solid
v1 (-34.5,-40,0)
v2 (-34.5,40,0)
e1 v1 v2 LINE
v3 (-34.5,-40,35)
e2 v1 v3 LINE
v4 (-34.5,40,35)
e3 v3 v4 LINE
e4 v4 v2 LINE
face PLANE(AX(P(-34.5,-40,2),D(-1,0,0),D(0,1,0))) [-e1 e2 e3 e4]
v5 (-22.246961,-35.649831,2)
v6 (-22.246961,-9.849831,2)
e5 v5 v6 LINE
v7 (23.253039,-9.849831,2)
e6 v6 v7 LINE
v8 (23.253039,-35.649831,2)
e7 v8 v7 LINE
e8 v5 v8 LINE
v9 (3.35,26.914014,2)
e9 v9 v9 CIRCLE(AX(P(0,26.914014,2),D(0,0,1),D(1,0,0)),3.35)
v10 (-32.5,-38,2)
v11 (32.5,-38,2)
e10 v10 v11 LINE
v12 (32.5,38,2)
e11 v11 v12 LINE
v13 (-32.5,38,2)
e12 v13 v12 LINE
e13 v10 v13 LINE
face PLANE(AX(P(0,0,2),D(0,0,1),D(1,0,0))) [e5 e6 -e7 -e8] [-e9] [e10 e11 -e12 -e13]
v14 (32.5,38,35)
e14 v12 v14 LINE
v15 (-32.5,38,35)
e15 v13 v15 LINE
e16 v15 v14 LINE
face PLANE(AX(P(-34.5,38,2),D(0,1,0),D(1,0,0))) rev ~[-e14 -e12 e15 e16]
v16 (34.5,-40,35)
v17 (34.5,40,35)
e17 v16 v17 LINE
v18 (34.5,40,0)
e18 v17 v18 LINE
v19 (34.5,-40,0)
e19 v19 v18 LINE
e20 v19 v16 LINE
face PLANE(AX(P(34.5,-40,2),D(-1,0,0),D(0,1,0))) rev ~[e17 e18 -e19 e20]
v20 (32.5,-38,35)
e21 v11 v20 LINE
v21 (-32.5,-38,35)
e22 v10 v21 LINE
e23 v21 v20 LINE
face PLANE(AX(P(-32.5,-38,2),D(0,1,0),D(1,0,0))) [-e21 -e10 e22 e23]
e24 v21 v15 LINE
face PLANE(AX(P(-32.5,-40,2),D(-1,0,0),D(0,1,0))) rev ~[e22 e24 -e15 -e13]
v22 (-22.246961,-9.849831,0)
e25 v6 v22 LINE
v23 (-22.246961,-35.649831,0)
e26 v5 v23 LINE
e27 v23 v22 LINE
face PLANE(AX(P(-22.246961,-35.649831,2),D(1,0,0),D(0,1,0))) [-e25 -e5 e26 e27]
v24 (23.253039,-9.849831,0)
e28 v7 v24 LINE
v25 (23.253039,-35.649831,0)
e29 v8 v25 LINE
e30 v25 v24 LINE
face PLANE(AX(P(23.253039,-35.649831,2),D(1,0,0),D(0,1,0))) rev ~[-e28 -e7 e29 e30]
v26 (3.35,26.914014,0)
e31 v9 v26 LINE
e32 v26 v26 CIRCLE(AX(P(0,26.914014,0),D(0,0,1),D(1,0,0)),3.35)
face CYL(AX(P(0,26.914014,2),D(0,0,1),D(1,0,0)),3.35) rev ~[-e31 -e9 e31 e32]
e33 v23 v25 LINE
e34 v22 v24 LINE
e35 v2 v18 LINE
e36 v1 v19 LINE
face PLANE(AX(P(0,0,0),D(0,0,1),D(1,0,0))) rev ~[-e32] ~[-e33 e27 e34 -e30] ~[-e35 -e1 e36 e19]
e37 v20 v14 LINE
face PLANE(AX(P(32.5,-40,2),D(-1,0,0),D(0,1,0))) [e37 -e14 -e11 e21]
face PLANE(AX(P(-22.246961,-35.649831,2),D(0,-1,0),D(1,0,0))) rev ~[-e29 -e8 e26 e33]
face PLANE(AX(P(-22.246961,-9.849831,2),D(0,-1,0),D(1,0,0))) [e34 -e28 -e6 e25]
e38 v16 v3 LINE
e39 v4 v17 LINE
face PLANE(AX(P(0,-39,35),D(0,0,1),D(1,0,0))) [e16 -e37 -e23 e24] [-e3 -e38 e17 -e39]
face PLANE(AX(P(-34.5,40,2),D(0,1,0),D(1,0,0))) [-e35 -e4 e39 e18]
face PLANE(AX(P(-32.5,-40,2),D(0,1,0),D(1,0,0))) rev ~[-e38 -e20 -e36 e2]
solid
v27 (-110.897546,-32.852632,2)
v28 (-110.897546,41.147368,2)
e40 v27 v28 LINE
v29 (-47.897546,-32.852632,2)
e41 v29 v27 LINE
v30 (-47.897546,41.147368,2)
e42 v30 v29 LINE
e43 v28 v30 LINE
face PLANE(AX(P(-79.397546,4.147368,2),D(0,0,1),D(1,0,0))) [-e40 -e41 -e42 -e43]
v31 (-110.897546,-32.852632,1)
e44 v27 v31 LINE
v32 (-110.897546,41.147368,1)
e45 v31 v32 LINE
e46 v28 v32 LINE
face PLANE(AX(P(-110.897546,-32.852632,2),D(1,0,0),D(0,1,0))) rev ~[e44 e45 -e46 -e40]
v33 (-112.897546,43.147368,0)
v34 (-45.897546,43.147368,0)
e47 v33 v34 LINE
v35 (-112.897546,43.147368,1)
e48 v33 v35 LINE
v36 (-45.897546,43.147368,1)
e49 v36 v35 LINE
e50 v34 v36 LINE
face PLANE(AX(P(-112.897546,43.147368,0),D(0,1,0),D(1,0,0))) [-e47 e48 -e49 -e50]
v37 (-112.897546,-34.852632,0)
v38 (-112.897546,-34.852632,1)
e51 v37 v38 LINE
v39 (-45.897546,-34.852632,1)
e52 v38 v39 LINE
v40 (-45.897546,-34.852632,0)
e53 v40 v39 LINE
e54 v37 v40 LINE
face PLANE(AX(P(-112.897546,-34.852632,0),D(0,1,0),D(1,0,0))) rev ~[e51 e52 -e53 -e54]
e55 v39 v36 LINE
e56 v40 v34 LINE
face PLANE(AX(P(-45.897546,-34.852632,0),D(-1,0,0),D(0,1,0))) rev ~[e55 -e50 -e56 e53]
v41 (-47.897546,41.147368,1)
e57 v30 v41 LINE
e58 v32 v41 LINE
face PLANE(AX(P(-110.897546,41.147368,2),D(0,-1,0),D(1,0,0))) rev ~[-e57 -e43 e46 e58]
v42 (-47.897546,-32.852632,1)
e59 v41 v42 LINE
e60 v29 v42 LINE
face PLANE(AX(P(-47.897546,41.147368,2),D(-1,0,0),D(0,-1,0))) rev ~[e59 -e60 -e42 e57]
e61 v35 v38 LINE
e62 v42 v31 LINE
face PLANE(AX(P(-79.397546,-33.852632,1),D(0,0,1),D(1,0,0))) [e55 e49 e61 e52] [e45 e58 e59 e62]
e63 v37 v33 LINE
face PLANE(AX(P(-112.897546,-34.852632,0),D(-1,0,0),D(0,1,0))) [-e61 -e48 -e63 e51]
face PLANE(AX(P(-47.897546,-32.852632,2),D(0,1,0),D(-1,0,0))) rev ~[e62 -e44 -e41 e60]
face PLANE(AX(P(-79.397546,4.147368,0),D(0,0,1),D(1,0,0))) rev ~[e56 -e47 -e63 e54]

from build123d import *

# Parameters (mm, degrees)
F0_W      = 69
F0_H      = 80
F1_DEPTH  = 2
F2_W      = 69
F2_H      = 2
F3_DEPTH  = 33
F4_W      = 2
F4_H      = 78
F5_DEPTH  = 33
F6_W      = 2
F6_H      = 78
F7_DEPTH  = 33
F8_W      = 65
F8_H      = 2
F9_DEPTH  = 33
F10_W     = 67
F10_H     = 78
F11_DEPTH = 2
F12_W     = 2
F12_H     = 74
F13_DEPTH = 1
F14_W     = 45.5
F14_H     = 25.8
F14_R     = 3.35
F15_DEPTH = 2.001


with BuildPart() as f1:
    # F0 (on Top) → F1 (new body)
    with BuildSketch(Plane.XY):
        Rectangle(F0_W, F0_H)
    extrude(amount=F1_DEPTH)

    # F2 (on face) → F3 (join)
    with BuildSketch(Plane.XY.offset(2)):
        with Locations((0, 39)):
            Rectangle(F2_W, F2_H)
    extrude(amount=F3_DEPTH)

    # F4 (on face) → F5 (join)
    with BuildSketch(Plane.XY.offset(2)):
        with Locations((-33.5, -1)):
            Rectangle(F4_W, F4_H)
    extrude(amount=F5_DEPTH)

    # F6 (on face) → F7 (join)
    with BuildSketch(Plane.XY.offset(2)):
        with Locations((33.5, -1)):
            Rectangle(F6_W, F6_H)
    extrude(amount=F7_DEPTH)

    # F8 (on face) → F9 (join)
    with BuildSketch(Plane.XY.offset(2)):
        with Locations((0, -39)):
            Rectangle(F8_W, F8_H)
    extrude(amount=F9_DEPTH)

    # F14 (on face) → F15 (cut, through all)
    with BuildSketch(Plane.XY.offset(2)):
        with Locations((0.503039, -22.749831)):
            Rectangle(F14_W, F14_H)
        with Locations((0, 26.914014)):
            Circle(F14_R)
    extrude(amount=-F15_DEPTH, mode=Mode.SUBTRACT)


with BuildPart() as f11:
    # F10 (on Top) → F11 (new body)
    with BuildSketch(Plane.XY):
        with Locations((-79.397546, 4.147368)):
            Rectangle(F10_W, F10_H)
    extrude(amount=F11_DEPTH)

    # F12 (on face) → F13 (cut)
    with BuildSketch(Plane.XY.offset(2)):
        Polygon((-112.897546, -34.852632), (-45.897546, -34.852632), (-45.897546, -32.852632), (-47.897546, -32.852632), (-110.897546, -32.852632), (-112.897546, -32.852632), align=None)
        with Locations((-111.897546, 4.147368)):
            Rectangle(F12_W, F12_H)
        Polygon((-112.897546, 43.147368), (-112.897546, 41.147368), (-110.897546, 41.147368), (-47.897546, 41.147368), (-47.897546, 43.147368), align=None)
        Polygon((-47.897546, -32.852632), (-45.897546, -32.852632), (-45.897546, 43.147368), (-47.897546, 43.147368), (-47.897546, 41.147368), align=None)
    extrude(amount=-F13_DEPTH, mode=Mode.SUBTRACT)


solid = Compound([f1.part, f11.part])
